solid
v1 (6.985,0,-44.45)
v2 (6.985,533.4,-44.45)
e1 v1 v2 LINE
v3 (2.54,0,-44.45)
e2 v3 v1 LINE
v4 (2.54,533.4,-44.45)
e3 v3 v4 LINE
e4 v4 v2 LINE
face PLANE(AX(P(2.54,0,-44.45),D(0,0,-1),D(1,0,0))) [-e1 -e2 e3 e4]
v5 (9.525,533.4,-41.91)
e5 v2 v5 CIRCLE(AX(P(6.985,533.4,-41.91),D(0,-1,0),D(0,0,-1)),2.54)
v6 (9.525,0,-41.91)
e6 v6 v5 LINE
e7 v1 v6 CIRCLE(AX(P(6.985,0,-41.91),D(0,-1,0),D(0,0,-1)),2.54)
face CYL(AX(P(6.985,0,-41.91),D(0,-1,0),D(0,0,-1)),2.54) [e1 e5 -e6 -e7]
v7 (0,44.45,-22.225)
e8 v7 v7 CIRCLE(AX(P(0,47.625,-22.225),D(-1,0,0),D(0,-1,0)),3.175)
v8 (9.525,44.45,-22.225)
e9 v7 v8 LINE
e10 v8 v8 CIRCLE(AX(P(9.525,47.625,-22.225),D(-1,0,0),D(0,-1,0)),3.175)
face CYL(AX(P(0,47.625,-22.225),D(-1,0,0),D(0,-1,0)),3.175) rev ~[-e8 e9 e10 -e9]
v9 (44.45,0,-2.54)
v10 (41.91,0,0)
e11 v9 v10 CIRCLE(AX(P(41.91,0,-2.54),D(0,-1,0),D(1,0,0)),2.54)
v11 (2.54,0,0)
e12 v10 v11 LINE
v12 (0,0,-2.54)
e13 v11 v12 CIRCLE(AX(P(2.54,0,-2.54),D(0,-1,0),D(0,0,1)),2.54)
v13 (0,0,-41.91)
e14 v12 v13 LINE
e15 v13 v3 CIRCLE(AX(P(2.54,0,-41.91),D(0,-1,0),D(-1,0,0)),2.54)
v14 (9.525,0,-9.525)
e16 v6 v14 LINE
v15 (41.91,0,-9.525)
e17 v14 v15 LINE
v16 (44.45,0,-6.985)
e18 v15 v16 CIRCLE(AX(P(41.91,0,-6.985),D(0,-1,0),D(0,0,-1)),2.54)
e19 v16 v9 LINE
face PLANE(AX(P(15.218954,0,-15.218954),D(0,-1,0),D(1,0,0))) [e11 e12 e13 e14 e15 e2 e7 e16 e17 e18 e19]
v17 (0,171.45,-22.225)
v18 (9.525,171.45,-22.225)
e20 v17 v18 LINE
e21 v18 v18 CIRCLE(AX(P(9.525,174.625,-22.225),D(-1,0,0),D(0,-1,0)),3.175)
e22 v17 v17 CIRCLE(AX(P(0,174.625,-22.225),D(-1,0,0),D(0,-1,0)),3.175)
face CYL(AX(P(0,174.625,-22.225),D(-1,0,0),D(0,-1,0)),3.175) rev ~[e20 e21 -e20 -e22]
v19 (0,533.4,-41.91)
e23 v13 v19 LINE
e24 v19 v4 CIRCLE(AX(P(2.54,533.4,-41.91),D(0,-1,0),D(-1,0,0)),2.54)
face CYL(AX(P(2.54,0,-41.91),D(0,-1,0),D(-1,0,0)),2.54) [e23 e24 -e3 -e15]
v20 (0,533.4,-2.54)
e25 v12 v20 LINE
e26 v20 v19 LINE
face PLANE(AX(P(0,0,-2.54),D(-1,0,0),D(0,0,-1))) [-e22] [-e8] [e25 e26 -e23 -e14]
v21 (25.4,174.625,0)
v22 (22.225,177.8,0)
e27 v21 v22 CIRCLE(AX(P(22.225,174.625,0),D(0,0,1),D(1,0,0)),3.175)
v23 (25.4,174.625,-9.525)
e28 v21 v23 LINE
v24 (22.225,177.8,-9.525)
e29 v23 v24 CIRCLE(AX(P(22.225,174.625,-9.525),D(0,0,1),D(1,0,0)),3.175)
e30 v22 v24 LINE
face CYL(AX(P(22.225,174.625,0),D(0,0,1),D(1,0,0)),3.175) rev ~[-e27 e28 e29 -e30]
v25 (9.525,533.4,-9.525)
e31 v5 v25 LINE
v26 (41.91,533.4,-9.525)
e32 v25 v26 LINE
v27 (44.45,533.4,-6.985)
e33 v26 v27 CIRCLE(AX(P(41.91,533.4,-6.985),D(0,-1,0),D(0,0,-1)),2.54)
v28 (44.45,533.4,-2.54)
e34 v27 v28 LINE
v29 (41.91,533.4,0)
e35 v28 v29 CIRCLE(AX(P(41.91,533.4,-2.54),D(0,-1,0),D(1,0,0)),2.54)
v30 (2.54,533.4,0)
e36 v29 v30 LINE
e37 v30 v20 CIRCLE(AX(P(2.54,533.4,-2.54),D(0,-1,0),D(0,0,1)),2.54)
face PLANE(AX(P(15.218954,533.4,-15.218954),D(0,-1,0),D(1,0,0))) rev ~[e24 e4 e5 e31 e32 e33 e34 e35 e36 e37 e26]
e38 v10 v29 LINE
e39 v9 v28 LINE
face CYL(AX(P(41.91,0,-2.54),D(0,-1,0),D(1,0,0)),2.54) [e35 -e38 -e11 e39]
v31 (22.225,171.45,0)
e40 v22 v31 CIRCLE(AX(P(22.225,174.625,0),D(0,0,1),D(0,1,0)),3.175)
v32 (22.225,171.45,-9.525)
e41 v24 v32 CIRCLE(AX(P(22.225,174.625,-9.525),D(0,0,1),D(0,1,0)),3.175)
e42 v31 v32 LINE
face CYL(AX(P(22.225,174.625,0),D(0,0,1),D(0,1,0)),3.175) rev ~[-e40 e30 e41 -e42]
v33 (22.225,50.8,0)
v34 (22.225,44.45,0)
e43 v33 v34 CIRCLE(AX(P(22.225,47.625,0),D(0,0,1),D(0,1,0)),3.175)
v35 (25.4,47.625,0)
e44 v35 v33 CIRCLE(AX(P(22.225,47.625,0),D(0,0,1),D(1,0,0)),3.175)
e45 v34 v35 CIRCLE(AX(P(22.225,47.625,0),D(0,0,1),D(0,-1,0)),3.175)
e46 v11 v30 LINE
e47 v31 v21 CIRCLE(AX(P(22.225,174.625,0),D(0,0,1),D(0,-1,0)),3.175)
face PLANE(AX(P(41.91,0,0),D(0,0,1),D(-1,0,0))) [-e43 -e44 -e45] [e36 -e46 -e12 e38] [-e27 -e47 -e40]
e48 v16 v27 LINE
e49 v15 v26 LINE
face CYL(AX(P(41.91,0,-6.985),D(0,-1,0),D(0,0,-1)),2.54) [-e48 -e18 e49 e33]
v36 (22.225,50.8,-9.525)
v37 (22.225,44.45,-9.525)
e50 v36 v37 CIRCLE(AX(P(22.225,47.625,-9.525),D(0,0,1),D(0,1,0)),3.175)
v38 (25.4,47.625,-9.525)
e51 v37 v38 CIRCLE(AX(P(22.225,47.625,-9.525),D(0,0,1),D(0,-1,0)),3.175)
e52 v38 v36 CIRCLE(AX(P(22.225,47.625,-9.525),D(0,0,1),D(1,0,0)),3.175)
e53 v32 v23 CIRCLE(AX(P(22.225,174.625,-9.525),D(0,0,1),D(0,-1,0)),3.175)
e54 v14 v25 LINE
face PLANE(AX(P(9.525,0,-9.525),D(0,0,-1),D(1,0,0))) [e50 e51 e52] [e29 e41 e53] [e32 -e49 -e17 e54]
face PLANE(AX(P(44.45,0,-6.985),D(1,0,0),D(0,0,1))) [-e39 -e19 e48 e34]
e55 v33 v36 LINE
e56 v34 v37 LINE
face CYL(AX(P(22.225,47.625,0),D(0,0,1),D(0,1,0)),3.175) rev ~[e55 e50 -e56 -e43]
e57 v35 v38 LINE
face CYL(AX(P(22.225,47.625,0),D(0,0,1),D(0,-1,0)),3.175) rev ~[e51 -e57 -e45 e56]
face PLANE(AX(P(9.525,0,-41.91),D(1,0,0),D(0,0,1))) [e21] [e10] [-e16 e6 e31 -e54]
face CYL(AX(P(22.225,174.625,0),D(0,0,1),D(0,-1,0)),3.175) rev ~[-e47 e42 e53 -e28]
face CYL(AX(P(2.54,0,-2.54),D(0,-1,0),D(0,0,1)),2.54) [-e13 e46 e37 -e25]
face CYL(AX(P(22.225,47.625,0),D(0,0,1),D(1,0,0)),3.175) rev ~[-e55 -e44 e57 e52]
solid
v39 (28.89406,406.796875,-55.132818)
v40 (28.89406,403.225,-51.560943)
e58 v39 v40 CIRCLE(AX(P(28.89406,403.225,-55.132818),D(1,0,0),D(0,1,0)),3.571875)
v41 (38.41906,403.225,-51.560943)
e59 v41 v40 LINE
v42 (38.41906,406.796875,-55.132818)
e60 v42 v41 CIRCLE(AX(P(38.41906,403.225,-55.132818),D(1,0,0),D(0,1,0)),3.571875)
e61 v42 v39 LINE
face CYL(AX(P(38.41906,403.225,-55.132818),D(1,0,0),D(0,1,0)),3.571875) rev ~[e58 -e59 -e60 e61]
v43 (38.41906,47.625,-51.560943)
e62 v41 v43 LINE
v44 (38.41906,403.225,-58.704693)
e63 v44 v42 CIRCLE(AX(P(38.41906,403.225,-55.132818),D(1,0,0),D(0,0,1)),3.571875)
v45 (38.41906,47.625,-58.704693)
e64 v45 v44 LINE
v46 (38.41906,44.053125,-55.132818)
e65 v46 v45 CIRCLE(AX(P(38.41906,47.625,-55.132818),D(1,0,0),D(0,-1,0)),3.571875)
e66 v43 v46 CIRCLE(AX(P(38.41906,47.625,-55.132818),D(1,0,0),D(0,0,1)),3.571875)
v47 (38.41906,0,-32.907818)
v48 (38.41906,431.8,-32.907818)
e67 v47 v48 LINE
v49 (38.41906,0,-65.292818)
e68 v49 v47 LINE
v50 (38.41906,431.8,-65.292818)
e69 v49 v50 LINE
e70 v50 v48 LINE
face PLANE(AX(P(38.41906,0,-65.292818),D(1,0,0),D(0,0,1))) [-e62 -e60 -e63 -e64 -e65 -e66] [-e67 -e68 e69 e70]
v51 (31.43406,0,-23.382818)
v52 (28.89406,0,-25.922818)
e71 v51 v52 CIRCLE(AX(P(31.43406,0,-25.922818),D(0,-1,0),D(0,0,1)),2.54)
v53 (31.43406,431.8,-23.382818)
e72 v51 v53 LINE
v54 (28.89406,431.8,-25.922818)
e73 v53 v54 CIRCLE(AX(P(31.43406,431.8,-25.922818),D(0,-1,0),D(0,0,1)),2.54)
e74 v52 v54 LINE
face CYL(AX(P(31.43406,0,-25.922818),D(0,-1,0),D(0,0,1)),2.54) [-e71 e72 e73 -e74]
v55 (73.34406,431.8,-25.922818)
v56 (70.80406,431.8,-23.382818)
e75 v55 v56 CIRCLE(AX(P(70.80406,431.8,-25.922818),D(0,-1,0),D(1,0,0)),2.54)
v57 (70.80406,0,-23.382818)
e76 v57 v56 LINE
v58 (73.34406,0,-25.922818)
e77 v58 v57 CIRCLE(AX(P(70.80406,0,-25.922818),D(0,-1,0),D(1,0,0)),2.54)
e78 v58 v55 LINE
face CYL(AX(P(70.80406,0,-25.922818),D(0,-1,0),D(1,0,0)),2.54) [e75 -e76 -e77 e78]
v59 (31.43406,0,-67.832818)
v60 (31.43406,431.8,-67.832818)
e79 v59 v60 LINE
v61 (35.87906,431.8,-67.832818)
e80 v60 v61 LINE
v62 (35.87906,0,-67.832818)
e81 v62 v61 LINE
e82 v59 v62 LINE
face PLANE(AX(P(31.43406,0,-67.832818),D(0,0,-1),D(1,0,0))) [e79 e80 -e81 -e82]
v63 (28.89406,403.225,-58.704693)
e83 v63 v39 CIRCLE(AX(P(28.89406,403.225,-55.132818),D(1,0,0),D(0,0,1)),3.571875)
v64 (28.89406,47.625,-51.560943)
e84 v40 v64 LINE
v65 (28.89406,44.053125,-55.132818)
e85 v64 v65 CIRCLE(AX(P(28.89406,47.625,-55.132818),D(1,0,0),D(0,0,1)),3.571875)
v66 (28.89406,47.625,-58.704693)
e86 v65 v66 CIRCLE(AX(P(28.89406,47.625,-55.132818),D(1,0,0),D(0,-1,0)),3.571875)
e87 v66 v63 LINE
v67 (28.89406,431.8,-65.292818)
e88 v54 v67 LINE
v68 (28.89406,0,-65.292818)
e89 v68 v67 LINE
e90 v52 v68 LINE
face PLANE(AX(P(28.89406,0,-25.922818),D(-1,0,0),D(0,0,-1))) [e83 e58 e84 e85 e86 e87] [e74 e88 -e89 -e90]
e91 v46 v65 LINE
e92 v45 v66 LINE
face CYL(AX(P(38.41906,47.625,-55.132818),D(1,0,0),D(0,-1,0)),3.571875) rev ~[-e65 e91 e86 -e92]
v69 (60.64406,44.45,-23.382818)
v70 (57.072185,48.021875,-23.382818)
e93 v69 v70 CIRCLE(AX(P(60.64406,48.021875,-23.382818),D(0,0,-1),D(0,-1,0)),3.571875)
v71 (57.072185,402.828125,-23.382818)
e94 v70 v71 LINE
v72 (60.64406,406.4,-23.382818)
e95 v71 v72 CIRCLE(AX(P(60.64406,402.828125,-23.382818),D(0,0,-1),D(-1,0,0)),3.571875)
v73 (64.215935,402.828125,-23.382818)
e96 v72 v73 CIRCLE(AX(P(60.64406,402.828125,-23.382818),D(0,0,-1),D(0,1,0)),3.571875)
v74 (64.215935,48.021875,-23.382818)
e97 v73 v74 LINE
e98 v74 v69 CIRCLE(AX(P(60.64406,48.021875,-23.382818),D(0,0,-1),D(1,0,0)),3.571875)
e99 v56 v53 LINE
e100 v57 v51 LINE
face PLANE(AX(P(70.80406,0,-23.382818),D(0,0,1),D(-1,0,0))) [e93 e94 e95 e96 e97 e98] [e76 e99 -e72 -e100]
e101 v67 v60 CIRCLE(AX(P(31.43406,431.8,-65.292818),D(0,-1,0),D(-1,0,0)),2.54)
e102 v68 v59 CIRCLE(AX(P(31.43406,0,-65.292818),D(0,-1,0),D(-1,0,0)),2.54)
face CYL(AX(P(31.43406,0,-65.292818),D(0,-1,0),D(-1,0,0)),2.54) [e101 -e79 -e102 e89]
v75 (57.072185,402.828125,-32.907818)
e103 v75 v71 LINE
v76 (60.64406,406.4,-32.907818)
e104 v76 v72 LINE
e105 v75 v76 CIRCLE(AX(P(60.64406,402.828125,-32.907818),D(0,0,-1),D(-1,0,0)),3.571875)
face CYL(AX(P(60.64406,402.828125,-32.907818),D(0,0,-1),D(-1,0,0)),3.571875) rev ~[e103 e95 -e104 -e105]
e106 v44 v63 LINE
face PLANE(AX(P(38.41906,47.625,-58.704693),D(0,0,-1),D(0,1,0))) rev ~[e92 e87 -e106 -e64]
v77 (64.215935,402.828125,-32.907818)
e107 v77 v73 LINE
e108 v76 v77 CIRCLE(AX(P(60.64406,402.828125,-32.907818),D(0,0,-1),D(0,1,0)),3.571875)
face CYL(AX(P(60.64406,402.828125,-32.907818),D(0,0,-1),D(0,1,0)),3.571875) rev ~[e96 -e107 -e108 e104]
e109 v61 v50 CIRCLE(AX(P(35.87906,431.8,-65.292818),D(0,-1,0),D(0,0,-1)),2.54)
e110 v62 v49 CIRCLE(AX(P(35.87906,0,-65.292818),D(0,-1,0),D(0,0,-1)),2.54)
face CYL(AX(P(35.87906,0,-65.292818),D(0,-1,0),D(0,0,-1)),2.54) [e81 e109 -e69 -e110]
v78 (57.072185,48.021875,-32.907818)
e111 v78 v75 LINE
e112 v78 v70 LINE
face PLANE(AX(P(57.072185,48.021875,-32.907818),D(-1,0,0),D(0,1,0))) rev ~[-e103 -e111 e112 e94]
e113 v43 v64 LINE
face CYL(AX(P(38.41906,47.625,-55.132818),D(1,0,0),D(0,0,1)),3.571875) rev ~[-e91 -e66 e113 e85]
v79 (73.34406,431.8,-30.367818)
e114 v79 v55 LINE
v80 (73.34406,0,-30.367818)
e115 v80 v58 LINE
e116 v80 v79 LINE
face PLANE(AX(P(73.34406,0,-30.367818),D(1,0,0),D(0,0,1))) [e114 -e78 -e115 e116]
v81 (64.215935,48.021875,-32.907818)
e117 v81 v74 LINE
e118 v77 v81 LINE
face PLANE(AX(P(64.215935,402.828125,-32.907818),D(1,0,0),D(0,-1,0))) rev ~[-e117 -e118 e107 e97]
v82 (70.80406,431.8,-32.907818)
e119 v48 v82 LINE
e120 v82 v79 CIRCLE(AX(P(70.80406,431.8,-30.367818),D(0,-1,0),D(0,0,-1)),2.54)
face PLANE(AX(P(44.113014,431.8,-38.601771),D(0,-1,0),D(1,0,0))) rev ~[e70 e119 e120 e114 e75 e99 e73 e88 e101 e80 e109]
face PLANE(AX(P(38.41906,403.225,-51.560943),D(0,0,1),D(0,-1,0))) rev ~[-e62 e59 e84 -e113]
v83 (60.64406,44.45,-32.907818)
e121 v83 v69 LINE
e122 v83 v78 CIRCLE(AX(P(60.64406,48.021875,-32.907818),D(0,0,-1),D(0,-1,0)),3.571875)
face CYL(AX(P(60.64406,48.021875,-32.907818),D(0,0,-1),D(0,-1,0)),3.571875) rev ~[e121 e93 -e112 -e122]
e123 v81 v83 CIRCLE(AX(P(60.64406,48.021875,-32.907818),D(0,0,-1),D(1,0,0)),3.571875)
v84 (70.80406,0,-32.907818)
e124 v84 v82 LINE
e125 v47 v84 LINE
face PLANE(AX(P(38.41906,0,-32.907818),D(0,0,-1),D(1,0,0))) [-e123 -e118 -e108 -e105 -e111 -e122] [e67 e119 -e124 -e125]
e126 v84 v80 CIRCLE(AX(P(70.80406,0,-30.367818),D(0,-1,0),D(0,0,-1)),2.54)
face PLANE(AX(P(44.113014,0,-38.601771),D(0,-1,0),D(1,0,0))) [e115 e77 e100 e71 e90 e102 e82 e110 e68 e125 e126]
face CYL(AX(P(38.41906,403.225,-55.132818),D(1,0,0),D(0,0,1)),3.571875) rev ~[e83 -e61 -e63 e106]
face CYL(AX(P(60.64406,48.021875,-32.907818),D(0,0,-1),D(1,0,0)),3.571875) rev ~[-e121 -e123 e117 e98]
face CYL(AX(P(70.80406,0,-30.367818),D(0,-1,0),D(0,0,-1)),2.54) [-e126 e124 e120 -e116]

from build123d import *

# Parameters (mm, degrees)
F2_DEPTH  = 533.4
F3_DEPTH  = 431.8
F5_DEPTH  = 9.525
F7_DEPTH  = 9.525
F9_DEPTH  = 9.525
F10_DEPTH = 9.525
F12_DEPTH = 9.525


with BuildPart() as f2:
    # F0 (on Front) → F2 (new body)
    with BuildSketch(Plane.XZ):
        with BuildLine():
            Line((0, -2.54), (0, -41.91))
            ThreePointArc((0, -41.91), (0.7439487758, -43.7060512242), (2.54, -44.45))
            Line((2.54, -44.45), (6.985, -44.45))
            ThreePointArc((6.985, -44.45), (8.7810512242, -43.7060512242), (9.525, -41.91))
            Line((9.525, -41.91), (9.525, -9.525))
            Line((9.525, -9.525), (41.91, -9.525))
            ThreePointArc((41.91, -9.525), (43.7060512242, -8.7810512242), (44.45, -6.985))
            Line((44.45, -6.985), (44.45, -2.54))
            ThreePointArc((44.45, -2.54), (43.7060512242, -0.7439487758), (41.91, 0))
            Line((41.91, 0), (2.54, 0))
            ThreePointArc((2.54, 0), (0.7439487758, -0.7439487758), (0, -2.54))
        make_face()
    extrude(amount=-F2_DEPTH)

    # F8 (on face) → F9 (cut, through all)
    with BuildSketch(Plane(origin=(0, 0, 0), x_dir=(0, -1, 0), z_dir=(-1, 0, 0))):
        with BuildLine():
            ThreePointArc((-50.8, -22.225), (-47.625, -25.4), (-44.45, -22.225))
            Line((-44.45, -22.225), (-47.625, -22.225))
            Line((-47.625, -22.225), (-50.8, -22.225))
        make_face()
        with BuildLine():
            Line((-47.625, -22.225), (-44.45, -22.225))
            ThreePointArc((-44.45, -22.225), (-47.625, -19.05), (-50.8, -22.225))
            Line((-50.8, -22.225), (-47.625, -22.225))
        make_face()
        with BuildLine():
            ThreePointArc((-177.8, -22.225), (-174.625, -25.4), (-171.45, -22.225))
            Line((-171.45, -22.225), (-174.625, -22.225))
            Line((-174.625, -22.225), (-177.8, -22.225))
        make_face()
        with BuildLine():
            Line((-174.625, -22.225), (-171.45, -22.225))
            ThreePointArc((-171.45, -22.225), (-174.625, -19.05), (-177.8, -22.225))
            Line((-177.8, -22.225), (-174.625, -22.225))
        make_face()
    extrude(amount=-F9_DEPTH, mode=Mode.SUBTRACT)

    # F8 (on face) → F10 (cut, through all)
    with BuildSketch(Plane(origin=(0, 0, 0), x_dir=(0, -1, 0), z_dir=(-1, 0, 0))):
        with BuildLine():
            ThreePointArc((-50.8, -22.225), (-47.625, -25.4), (-44.45, -22.225))
            Line((-44.45, -22.225), (-47.625, -22.225))
            Line((-47.625, -22.225), (-50.8, -22.225))
        make_face()
        with BuildLine():
            Line((-47.625, -22.225), (-44.45, -22.225))
            ThreePointArc((-44.45, -22.225), (-47.625, -19.05), (-50.8, -22.225))
            Line((-50.8, -22.225), (-47.625, -22.225))
        make_face()
        with BuildLine():
            ThreePointArc((-177.8, -22.225), (-174.625, -25.4), (-171.45, -22.225))
            Line((-171.45, -22.225), (-174.625, -22.225))
            Line((-174.625, -22.225), (-177.8, -22.225))
        make_face()
        with BuildLine():
            Line((-174.625, -22.225), (-171.45, -22.225))
            ThreePointArc((-171.45, -22.225), (-174.625, -19.05), (-177.8, -22.225))
            Line((-177.8, -22.225), (-174.625, -22.225))
        make_face()
    extrude(amount=-F10_DEPTH, mode=Mode.SUBTRACT)

    # F11 (on face) → F12 (cut, through all)
    with BuildSketch(Plane.XY):
        with BuildLine():
            Line((22.225, 47.625), (22.225, 44.45))
            ThreePointArc((22.225, 44.45), (24.4700640303, 45.3799359697), (25.4, 47.625))
            ThreePointArc((25.4, 47.625), (24.4700640303, 49.8700640303), (22.225, 50.8))
            Line((22.225, 50.8), (22.225, 47.625))
        make_face()
        with BuildLine():
            ThreePointArc((22.225, 50.8), (19.05, 47.625), (22.225, 44.45))
            Line((22.225, 44.45), (22.225, 47.625))
            Line((22.225, 47.625), (22.225, 50.8))
        make_face()
        with BuildLine():
            Line((22.225, 174.625), (22.225, 171.45))
            ThreePointArc((22.225, 171.45), (24.4700640303, 172.3799359697), (25.4, 174.625))
            ThreePointArc((25.4, 174.625), (24.4700640303, 176.8700640303), (22.225, 177.8))
            Line((22.225, 177.8), (22.225, 174.625))
        make_face()
        with BuildLine():
            ThreePointArc((22.225, 177.8), (19.05, 174.625), (22.225, 171.45))
            Line((22.225, 171.45), (22.225, 174.625))
            Line((22.225, 174.625), (22.225, 177.8))
        make_face()
    extrude(amount=-F12_DEPTH, mode=Mode.SUBTRACT)


with BuildPart() as f3:
    # F1 (on Front) → F3 (new body)
    with BuildSketch(Plane.XZ):
        with BuildLine():
            Line((28.8940604091, -25.9228175128), (28.8940604091, -65.2928175128))
            ThreePointArc((28.8940604091, -65.2928175128), (29.6380091849, -67.088868737), (31.4340604091, -67.8328175128))
            Line((31.4340604091, -67.8328175128), (35.8790604091, -67.8328175128))
            ThreePointArc((35.8790604091, -67.8328175128), (37.6751116333, -67.088868737), (38.4190604091, -65.2928175128))
            Line((38.4190604091, -65.2928175128), (38.4190604091, -32.9078175128))
            Line((38.4190604091, -32.9078175128), (70.8040604091, -32.9078175128))
            ThreePointArc((70.8040604091, -32.9078175128), (72.6001116333, -32.163868737), (73.3440604091, -30.3678175128))
            Line((73.3440604091, -30.3678175128), (73.3440604091, -25.9228175128))
            ThreePointArc((73.3440604091, -25.9228175128), (72.6001116333, -24.1267662885), (70.8040604091, -23.3828175128))
            Line((70.8040604091, -23.3828175128), (31.4340604091, -23.3828175128))
            ThreePointArc((31.4340604091, -23.3828175128), (29.6380091849, -24.1267662885), (28.8940604091, -25.9228175128))
        make_face()
    extrude(amount=-F3_DEPTH)

    # F4 (on face) → F5 (cut, through all)
    with BuildSketch(Plane(origin=(0, 0, -32.9078175128), x_dir=(1, 0, 0), z_dir=(0, 0, -1))):
        with BuildLine():
            ThreePointArc((60.6440604091, -51.59375), (63.1697574431, -50.5475720341), (64.2159354091, -48.021875))
            ThreePointArc((64.2159354091, -48.021875), (63.1697574431, -45.4961779659), (60.6440604091, -44.45))
            Line((60.6440604091, -44.45), (60.6440604091, -51.59375))
        make_face()
        with BuildLine():
            Line((64.2159354091, -402.828125), (64.2159354091, -48.021875))
            ThreePointArc((64.2159354091, -48.021875), (63.1697574431, -50.5475720341), (60.6440604091, -51.59375))
            Line((60.6440604091, -51.59375), (60.6440604091, -399.25625))
            ThreePointArc((60.6440604091, -399.25625), (63.1697574431, -400.3024279659), (64.2159354091, -402.828125))
        make_face()
        with BuildLine():
            Line((60.6440604091, -51.59375), (60.6440604091, -44.45))
            ThreePointArc((60.6440604091, -44.45), (58.118363375, -45.4961779659), (57.0721854091, -48.021875))
            ThreePointArc((57.0721854091, -48.021875), (58.118363375, -50.5475720341), (60.6440604091, -51.59375))
        make_face()
        with BuildLine():
            Line((60.6440604091, -399.25625), (60.6440604091, -51.59375))
            ThreePointArc((60.6440604091, -51.59375), (58.118363375, -50.5475720341), (57.0721854091, -48.021875))
            Line((57.0721854091, -48.021875), (57.0721854091, -402.828125))
            ThreePointArc((57.0721854091, -402.828125), (58.118363375, -400.3024279659), (60.6440604091, -399.25625))
        make_face()
        with BuildLine():
            ThreePointArc((60.6440604091, -406.4), (63.1697574431, -405.3538220341), (64.2159354091, -402.828125))
            ThreePointArc((64.2159354091, -402.828125), (63.1697574431, -400.3024279659), (60.6440604091, -399.25625))
            Line((60.6440604091, -399.25625), (60.6440604091, -406.4))
        make_face()
        with BuildLine():
            Line((60.6440604091, -406.4), (60.6440604091, -399.25625))
            ThreePointArc((60.6440604091, -399.25625), (58.118363375, -400.3024279659), (57.0721854091, -402.828125))
            ThreePointArc((57.0721854091, -402.828125), (58.118363375, -405.3538220341), (60.6440604091, -406.4))
        make_face()
    extrude(amount=-F5_DEPTH, mode=Mode.SUBTRACT)

    # F6 (on face) → F7 (cut, through all)
    with BuildSketch(Plane.YZ.offset(38.4190604091)):
        with BuildLine():
            ThreePointArc((47.625, -58.7046925128), (50.1506970341, -57.6585145468), (51.196875, -55.1328175128))
            ThreePointArc((51.196875, -55.1328175128), (50.1506970341, -52.6071204787), (47.625, -51.5609425128))
            ThreePointArc((47.625, -51.5609425128), (45.0993029659, -52.6071204787), (44.053125, -55.1328175128))
            ThreePointArc((44.053125, -55.1328175128), (45.0993029659, -57.6585145468), (47.625, -58.7046925128))
        make_face()
        with BuildLine():
            ThreePointArc((47.625, -51.5609425128), (50.1506970341, -52.6071204787), (51.196875, -55.1328175128))
            ThreePointArc((51.196875, -55.1328175128), (50.1506970341, -57.6585145468), (47.625, -58.7046925128))
            Line((47.625, -58.7046925128), (403.225, -58.7046925128))
            ThreePointArc((403.225, -58.7046925128), (399.653125, -55.1328175128), (403.225, -51.5609425128))
            Line((403.225, -51.5609425128), (47.625, -51.5609425128))
        make_face()
        with BuildLine():
            ThreePointArc((406.796875, -55.1328175128), (405.7506970341, -52.6071204787), (403.225, -51.5609425128))
            ThreePointArc((403.225, -51.5609425128), (399.653125, -55.1328175128), (403.225, -58.7046925128))
            ThreePointArc((403.225, -58.7046925128), (405.7506970341, -57.6585145468), (406.796875, -55.1328175128))
        make_face()
    extrude(amount=-F7_DEPTH, mode=Mode.SUBTRACT)


solid = Compound([f2.part, f3.part])
